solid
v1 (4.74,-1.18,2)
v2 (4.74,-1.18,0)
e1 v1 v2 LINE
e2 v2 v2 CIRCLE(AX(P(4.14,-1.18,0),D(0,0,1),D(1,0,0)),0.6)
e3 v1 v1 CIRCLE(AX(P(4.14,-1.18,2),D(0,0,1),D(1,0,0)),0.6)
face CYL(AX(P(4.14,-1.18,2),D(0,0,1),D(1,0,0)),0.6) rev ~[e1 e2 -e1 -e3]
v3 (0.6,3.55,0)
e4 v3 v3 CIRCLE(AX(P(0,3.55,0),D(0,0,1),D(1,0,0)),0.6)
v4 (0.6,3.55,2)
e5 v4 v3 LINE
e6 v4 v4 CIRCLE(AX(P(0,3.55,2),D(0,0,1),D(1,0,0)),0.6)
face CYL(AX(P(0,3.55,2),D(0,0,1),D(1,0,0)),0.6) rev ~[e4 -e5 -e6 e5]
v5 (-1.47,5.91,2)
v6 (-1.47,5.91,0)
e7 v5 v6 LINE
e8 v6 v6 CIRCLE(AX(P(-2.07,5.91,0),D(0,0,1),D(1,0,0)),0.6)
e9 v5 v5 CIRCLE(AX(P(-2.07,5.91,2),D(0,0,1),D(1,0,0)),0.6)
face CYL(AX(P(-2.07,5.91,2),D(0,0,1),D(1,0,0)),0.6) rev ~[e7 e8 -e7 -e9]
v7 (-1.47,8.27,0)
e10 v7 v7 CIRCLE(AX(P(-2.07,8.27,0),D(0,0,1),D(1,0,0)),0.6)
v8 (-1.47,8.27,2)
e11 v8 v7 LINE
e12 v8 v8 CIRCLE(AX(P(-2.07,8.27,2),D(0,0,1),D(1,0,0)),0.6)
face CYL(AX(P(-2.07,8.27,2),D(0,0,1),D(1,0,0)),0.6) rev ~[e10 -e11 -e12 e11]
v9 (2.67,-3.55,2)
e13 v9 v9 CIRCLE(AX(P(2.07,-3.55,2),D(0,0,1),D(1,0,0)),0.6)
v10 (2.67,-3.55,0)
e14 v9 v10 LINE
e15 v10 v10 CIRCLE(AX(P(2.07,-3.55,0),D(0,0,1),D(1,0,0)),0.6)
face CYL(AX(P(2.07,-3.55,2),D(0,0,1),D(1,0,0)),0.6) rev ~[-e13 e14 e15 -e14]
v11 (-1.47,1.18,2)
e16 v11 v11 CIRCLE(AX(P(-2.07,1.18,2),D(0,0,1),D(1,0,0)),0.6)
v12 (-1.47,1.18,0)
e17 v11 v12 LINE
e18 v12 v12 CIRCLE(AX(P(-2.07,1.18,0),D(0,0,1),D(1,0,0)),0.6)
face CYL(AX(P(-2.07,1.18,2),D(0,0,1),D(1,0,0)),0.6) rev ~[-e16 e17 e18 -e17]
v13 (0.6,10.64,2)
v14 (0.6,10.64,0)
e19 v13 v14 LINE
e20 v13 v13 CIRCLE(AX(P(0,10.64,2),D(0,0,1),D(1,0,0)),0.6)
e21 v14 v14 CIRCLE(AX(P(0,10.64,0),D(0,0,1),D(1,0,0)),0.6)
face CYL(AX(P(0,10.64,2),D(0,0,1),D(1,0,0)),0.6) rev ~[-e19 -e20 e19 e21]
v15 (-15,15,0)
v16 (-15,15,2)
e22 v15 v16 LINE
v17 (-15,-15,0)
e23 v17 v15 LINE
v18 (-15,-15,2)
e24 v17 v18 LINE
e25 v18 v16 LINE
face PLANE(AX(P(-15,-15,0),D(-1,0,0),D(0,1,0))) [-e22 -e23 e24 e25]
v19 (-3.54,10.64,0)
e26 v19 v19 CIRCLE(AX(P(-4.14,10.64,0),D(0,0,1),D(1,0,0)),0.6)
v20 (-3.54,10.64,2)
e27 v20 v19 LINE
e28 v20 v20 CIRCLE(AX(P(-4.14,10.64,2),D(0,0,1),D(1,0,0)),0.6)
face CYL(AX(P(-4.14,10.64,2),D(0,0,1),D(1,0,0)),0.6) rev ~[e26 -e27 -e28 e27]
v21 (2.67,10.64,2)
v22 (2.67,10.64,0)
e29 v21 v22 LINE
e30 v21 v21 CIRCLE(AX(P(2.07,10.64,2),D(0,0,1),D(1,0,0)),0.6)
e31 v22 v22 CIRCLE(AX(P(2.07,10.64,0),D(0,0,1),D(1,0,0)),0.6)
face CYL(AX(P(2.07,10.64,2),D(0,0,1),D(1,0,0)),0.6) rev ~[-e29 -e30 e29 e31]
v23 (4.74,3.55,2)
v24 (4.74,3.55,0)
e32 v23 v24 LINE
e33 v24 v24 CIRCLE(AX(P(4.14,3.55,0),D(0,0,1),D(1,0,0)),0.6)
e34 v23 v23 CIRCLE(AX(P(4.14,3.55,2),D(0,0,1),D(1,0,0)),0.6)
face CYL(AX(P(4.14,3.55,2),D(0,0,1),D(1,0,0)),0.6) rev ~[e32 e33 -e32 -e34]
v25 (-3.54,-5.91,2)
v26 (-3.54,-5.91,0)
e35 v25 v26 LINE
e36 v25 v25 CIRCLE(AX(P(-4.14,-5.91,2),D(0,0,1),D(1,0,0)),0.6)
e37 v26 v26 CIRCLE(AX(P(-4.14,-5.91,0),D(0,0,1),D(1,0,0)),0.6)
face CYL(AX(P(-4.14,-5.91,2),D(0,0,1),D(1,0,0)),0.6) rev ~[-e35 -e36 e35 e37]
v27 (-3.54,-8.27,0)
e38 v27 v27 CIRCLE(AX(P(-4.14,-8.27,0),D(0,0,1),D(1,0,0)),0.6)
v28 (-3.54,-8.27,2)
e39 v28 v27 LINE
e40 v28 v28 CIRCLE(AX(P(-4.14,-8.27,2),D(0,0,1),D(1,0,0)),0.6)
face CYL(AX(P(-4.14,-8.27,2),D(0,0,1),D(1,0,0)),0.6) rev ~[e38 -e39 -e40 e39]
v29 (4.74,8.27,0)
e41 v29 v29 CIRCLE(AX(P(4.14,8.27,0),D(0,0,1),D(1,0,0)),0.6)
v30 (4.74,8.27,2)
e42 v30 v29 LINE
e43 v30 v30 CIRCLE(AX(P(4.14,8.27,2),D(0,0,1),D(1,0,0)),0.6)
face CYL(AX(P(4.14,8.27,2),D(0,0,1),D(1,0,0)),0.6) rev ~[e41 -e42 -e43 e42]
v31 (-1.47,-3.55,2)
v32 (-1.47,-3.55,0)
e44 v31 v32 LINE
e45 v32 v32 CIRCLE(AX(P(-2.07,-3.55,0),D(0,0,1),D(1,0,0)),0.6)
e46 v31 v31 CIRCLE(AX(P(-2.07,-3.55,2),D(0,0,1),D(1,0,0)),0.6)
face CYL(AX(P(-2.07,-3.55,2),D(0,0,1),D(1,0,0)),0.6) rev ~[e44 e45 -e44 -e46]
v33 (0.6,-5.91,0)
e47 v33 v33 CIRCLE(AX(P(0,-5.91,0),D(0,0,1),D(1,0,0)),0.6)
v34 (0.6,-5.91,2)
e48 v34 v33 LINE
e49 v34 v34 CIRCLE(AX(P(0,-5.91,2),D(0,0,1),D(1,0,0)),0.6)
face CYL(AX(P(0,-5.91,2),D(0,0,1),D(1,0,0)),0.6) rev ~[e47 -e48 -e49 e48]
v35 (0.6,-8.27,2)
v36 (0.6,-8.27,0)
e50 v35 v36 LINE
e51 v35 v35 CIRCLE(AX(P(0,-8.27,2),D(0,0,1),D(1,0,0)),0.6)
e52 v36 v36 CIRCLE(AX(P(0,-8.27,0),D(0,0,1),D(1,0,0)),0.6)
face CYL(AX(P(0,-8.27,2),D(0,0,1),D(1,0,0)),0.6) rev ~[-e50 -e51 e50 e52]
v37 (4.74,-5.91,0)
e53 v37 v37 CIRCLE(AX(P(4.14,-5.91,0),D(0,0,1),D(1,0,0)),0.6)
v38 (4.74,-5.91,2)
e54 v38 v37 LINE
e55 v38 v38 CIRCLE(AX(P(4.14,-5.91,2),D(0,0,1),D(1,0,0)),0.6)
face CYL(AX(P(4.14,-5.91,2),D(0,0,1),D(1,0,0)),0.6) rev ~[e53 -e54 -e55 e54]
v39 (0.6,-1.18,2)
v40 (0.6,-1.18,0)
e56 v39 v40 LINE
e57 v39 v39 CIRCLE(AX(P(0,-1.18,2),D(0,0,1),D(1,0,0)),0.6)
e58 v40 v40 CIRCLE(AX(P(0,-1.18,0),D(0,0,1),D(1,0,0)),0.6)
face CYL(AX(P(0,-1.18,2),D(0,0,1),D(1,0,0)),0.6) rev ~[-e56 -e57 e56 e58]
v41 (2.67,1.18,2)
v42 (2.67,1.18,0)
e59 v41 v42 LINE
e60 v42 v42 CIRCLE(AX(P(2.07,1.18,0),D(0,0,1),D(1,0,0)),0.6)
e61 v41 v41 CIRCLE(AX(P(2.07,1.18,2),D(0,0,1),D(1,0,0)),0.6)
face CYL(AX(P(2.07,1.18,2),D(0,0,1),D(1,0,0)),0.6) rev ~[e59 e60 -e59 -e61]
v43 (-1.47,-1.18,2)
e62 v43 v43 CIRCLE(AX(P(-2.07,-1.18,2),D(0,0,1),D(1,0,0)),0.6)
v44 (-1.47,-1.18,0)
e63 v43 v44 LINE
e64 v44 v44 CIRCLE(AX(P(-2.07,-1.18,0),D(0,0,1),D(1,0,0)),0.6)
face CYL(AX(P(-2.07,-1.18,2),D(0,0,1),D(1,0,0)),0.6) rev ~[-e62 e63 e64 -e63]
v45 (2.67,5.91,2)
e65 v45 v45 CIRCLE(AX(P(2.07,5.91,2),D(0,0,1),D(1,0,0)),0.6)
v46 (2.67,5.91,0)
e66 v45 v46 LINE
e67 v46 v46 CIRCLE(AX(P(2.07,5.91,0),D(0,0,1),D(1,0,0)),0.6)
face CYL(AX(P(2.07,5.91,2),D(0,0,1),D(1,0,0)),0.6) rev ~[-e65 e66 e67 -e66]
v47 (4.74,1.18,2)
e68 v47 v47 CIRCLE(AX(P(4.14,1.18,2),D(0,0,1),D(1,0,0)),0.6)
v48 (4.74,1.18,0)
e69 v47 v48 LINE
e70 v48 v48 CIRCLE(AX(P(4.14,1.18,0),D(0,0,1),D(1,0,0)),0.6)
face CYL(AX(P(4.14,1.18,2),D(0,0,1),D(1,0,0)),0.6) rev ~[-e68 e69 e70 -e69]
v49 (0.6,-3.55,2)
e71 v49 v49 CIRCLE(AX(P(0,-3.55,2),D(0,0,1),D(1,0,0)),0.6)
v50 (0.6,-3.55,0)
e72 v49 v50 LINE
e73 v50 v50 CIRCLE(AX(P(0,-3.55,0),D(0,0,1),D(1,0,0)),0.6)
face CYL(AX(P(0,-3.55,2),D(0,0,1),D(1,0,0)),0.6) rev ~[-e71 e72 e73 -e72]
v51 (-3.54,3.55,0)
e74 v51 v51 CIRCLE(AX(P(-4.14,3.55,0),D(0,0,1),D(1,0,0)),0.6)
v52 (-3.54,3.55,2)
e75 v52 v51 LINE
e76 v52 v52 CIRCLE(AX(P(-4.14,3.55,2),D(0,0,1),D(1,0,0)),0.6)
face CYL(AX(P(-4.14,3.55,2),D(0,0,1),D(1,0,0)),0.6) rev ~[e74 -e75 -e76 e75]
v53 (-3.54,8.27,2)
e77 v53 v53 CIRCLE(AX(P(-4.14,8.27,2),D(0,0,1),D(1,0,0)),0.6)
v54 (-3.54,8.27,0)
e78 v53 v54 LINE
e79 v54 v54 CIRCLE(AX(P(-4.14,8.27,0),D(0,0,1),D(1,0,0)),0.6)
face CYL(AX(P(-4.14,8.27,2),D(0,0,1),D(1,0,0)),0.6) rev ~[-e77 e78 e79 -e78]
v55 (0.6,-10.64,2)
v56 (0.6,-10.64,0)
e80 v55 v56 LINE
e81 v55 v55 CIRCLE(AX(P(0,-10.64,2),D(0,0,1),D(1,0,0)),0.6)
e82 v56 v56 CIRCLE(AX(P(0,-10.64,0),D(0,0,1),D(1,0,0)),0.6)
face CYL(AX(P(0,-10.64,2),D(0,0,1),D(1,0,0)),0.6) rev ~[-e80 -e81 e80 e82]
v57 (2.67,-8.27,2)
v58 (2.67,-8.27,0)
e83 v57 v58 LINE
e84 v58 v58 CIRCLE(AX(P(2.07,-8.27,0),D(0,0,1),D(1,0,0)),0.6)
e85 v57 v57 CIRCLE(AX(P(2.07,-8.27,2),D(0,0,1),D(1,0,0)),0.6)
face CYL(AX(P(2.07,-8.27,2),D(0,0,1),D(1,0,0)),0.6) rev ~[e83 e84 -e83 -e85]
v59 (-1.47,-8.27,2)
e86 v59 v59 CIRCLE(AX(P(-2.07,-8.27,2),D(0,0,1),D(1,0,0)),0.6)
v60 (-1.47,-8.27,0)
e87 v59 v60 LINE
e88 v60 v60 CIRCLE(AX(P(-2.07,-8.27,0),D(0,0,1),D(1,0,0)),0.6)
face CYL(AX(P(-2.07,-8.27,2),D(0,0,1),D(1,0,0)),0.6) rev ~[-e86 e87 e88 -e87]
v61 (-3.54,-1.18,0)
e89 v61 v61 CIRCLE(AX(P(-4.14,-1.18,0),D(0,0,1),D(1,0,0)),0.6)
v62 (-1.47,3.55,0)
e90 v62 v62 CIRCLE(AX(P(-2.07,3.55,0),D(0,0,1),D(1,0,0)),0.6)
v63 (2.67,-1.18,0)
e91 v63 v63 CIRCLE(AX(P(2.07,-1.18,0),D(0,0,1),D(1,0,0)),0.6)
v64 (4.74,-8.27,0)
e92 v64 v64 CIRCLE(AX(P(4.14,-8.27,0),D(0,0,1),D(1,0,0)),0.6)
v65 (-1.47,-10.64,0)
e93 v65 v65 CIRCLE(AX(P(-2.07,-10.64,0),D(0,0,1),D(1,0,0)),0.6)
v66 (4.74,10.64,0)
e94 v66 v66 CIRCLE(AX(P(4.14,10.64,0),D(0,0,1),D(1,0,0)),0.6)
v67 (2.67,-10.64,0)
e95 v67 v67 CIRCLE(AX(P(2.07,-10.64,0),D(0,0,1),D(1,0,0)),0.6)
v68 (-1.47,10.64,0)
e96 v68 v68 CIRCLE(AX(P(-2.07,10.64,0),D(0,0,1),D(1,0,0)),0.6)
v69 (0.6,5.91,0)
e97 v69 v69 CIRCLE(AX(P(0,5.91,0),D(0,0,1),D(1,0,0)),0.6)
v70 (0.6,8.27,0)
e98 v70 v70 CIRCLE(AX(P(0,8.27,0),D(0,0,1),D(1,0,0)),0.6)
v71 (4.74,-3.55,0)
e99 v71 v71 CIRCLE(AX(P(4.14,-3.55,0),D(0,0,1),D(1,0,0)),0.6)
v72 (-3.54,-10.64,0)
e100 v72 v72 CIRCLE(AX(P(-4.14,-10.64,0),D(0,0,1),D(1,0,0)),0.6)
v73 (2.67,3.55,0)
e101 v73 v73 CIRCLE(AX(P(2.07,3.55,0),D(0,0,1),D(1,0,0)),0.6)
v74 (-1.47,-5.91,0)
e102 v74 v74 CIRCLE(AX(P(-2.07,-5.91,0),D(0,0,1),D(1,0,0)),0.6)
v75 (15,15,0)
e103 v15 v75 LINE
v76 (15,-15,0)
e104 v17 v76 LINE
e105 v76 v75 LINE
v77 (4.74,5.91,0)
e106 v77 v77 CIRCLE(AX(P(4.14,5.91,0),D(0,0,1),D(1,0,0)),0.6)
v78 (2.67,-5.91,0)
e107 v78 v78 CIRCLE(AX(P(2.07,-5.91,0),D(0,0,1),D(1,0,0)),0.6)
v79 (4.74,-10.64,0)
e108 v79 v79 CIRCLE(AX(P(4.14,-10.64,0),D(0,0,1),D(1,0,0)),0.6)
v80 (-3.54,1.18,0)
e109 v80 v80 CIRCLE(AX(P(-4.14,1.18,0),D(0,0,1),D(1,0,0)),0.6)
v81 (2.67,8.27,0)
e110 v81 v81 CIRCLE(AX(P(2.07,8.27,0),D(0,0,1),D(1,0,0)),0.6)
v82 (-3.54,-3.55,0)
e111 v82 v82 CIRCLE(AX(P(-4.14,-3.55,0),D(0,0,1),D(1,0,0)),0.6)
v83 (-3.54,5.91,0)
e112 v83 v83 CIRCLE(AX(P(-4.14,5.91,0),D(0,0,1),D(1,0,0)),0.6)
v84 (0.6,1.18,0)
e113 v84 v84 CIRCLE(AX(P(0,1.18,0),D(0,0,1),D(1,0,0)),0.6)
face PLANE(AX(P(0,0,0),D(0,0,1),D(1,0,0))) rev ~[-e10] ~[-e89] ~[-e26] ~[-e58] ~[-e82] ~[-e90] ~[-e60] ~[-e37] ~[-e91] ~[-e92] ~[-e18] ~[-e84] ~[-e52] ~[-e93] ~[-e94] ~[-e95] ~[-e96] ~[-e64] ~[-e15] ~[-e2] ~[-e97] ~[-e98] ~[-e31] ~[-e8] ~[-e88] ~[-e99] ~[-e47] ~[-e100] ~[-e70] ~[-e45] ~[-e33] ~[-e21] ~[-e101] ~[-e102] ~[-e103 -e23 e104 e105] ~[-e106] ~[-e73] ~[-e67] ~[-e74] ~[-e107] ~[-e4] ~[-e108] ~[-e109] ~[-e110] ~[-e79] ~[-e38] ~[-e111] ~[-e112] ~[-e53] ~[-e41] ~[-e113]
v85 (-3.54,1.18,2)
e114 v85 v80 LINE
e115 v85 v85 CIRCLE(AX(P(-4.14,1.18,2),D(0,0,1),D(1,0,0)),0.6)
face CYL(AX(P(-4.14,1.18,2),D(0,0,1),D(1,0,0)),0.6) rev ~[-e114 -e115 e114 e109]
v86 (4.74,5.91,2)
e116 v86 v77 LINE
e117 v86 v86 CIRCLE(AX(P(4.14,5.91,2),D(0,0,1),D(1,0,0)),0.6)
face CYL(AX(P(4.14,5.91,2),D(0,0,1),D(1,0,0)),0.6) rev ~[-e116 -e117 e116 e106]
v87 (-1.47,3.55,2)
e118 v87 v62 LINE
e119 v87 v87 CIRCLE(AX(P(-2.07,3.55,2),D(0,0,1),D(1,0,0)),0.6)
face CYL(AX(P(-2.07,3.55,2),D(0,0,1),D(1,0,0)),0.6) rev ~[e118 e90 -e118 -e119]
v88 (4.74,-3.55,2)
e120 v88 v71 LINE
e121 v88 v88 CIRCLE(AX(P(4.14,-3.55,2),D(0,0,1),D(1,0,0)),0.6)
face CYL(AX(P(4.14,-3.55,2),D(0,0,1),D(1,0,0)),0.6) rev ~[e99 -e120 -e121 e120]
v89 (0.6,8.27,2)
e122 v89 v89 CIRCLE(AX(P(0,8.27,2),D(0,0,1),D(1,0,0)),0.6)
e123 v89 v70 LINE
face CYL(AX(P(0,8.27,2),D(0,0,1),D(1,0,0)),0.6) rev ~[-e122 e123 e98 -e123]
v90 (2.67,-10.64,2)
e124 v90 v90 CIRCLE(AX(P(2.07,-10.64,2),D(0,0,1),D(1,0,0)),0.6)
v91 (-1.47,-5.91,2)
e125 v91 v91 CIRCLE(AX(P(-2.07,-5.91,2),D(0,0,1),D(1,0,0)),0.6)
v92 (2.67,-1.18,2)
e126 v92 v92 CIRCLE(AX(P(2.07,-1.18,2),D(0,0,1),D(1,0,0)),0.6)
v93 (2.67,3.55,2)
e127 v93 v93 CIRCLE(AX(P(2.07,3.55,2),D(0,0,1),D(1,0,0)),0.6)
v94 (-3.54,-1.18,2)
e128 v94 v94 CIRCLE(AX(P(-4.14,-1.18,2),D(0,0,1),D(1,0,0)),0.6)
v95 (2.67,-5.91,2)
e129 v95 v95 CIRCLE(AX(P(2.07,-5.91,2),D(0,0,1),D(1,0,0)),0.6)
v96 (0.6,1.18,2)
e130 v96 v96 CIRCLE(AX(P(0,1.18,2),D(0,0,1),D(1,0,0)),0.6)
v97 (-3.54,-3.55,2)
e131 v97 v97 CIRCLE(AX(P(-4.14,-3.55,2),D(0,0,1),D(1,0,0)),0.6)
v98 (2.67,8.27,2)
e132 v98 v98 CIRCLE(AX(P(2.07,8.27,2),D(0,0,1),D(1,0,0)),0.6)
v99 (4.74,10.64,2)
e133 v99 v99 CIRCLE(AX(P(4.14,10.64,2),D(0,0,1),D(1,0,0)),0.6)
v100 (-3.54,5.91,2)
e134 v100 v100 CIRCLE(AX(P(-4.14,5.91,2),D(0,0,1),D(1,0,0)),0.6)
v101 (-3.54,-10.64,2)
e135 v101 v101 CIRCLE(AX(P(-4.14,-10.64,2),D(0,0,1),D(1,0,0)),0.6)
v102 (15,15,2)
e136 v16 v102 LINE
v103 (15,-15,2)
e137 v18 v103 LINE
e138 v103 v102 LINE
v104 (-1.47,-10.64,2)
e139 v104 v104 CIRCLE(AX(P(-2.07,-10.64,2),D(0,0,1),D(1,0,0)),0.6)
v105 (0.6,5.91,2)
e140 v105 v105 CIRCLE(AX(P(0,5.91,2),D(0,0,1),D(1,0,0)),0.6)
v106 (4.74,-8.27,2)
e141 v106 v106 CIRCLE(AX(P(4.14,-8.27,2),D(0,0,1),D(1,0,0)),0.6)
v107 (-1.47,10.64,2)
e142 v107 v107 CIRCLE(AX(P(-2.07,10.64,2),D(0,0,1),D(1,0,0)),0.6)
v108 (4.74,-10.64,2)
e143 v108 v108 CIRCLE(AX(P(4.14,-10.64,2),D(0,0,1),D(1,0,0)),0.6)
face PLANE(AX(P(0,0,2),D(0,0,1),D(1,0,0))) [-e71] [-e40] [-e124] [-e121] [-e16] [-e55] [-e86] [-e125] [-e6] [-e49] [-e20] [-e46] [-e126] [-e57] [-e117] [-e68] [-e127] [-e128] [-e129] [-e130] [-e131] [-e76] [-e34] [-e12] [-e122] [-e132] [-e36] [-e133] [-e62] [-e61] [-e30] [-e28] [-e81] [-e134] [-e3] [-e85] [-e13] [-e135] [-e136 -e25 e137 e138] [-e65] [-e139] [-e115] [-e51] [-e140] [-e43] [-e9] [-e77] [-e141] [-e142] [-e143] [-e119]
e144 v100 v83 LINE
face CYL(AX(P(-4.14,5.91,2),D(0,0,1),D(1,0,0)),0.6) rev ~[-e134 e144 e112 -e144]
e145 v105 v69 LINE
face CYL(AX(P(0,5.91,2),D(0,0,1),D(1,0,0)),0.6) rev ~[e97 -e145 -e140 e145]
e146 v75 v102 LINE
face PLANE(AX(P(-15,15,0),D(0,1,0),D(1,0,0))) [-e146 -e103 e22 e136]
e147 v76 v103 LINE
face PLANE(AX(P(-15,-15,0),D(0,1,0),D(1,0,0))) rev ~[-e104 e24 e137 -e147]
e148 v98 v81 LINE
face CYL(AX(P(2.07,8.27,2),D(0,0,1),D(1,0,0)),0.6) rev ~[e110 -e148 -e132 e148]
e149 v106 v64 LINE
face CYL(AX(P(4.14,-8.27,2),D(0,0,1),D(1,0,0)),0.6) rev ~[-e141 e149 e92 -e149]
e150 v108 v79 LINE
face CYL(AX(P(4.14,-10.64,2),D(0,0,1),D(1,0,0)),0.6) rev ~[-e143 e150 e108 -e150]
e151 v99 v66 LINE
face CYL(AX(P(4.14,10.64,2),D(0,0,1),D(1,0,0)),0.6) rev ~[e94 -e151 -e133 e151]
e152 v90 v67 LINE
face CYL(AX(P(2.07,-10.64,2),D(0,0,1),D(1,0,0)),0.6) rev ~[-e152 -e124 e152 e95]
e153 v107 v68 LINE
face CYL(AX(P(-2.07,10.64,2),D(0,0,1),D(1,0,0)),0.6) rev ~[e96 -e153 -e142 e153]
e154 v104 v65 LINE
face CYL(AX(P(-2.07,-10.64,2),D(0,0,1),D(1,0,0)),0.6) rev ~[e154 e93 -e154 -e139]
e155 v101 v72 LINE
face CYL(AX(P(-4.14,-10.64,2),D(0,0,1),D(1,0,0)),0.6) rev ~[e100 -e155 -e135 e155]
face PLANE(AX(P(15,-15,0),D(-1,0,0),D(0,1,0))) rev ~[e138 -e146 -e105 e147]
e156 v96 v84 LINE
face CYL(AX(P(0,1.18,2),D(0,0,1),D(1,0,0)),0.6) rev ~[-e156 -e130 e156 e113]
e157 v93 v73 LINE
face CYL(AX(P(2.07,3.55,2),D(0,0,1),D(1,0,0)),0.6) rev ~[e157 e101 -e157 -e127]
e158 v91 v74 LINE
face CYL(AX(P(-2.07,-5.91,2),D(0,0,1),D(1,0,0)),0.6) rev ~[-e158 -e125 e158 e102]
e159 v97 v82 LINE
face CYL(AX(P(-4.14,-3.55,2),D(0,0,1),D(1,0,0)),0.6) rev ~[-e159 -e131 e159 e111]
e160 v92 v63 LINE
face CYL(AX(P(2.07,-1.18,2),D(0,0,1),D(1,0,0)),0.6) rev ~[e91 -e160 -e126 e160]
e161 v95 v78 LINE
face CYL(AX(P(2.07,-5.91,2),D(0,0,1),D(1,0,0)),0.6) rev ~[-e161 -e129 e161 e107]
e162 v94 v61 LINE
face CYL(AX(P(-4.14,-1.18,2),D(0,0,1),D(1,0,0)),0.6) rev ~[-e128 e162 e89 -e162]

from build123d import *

# Parameters (mm, degrees)
ESQUISSE1_W            = 30
ESQUISSE1_H            = 30
BASE_PLATE_DEPTH       = 2
SKETCH_PERFORATIONS_R  = 0.6
CUT_PERFORATIONS_DEPTH = 10


with BuildPart() as part:
    # Esquisse1 → Base_Plate (new body)
    with BuildSketch(Plane.XY):
        Rectangle(ESQUISSE1_W, ESQUISSE1_H)
    extrude(amount=BASE_PLATE_DEPTH)

    # Sketch_Perforations → Cut_Perforations (cut)
    with BuildSketch(Plane.XY.offset(2)):
        with Locations((-4.14, -10.64)):
            Circle(SKETCH_PERFORATIONS_R)
        with Locations((-4.14, -8.27)):
            Circle(SKETCH_PERFORATIONS_R)
        with Locations((-4.14, -5.91)):
            Circle(SKETCH_PERFORATIONS_R)
        with Locations((-4.14, -3.55)):
            Circle(SKETCH_PERFORATIONS_R)
        with Locations((-4.14, -1.18)):
            Circle(SKETCH_PERFORATIONS_R)
        with Locations((-4.14, 1.18)):
            Circle(SKETCH_PERFORATIONS_R)
        with Locations((-4.14, 3.55)):
            Circle(SKETCH_PERFORATIONS_R)
        with Locations((-4.14, 5.91)):
            Circle(SKETCH_PERFORATIONS_R)
        with Locations((-4.14, 8.27)):
            Circle(SKETCH_PERFORATIONS_R)
        with Locations((-4.14, 10.64)):
            Circle(SKETCH_PERFORATIONS_R)
        with Locations((-2.07, -10.64)):
            Circle(SKETCH_PERFORATIONS_R)
        with Locations((-2.07, -8.27)):
            Circle(SKETCH_PERFORATIONS_R)
        with Locations((-2.07, -5.91)):
            Circle(SKETCH_PERFORATIONS_R)
        with Locations((-2.07, -3.55)):
            Circle(SKETCH_PERFORATIONS_R)
        with Locations((-2.07, -1.18)):
            Circle(SKETCH_PERFORATIONS_R)
        with Locations((-2.07, 1.18)):
            Circle(SKETCH_PERFORATIONS_R)
        with Locations((-2.07, 3.55)):
            Circle(SKETCH_PERFORATIONS_R)
        with Locations((-2.07, 5.91)):
            Circle(SKETCH_PERFORATIONS_R)
        with Locations((-2.07, 8.27)):
            Circle(SKETCH_PERFORATIONS_R)
        with Locations((-2.07, 10.64)):
            Circle(SKETCH_PERFORATIONS_R)
        with Locations((0, -10.64)):
            Circle(SKETCH_PERFORATIONS_R)
        with Locations((0, -8.27)):
            Circle(SKETCH_PERFORATIONS_R)
        with Locations((0, -5.91)):
            Circle(SKETCH_PERFORATIONS_R)
        with Locations((0, -3.55)):
            Circle(SKETCH_PERFORATIONS_R)
        with Locations((0, -1.18)):
            Circle(SKETCH_PERFORATIONS_R)
        with Locations((0, 1.18)):
            Circle(SKETCH_PERFORATIONS_R)
        with Locations((0, 3.55)):
            Circle(SKETCH_PERFORATIONS_R)
        with Locations((0, 5.91)):
            Circle(SKETCH_PERFORATIONS_R)
        with Locations((0, 8.27)):
            Circle(SKETCH_PERFORATIONS_R)
        with Locations((0, 10.64)):
            Circle(SKETCH_PERFORATIONS_R)
        with Locations((2.07, -10.64)):
            Circle(SKETCH_PERFORATIONS_R)
        with Locations((2.07, -8.27)):
            Circle(SKETCH_PERFORATIONS_R)
        with Locations((2.07, -5.91)):
            Circle(SKETCH_PERFORATIONS_R)
        with Locations((2.07, -3.55)):
            Circle(SKETCH_PERFORATIONS_R)
        with Locations((2.07, -1.18)):
            Circle(SKETCH_PERFORATIONS_R)
        with Locations((2.07, 1.18)):
            Circle(SKETCH_PERFORATIONS_R)
        with Locations((2.07, 3.55)):
            Circle(SKETCH_PERFORATIONS_R)
        with Locations((2.07, 5.91)):
            Circle(SKETCH_PERFORATIONS_R)
        with Locations((2.07, 8.27)):
            Circle(SKETCH_PERFORATIONS_R)
        with Locations((2.07, 10.64)):
            Circle(SKETCH_PERFORATIONS_R)
        with Locations((4.14, -10.64)):
            Circle(SKETCH_PERFORATIONS_R)
        with Locations((4.14, -8.27)):
            Circle(SKETCH_PERFORATIONS_R)
        with Locations((4.14, -5.91)):
            Circle(SKETCH_PERFORATIONS_R)
        with Locations((4.14, -3.55)):
            Circle(SKETCH_PERFORATIONS_R)
        with Locations((4.14, -1.18)):
            Circle(SKETCH_PERFORATIONS_R)
        with Locations((4.14, 1.18)):
            Circle(SKETCH_PERFORATIONS_R)
        with Locations((4.14, 3.55)):
            Circle(SKETCH_PERFORATIONS_R)
        with Locations((4.14, 5.91)):
            Circle(SKETCH_PERFORATIONS_R)
        with Locations((4.14, 8.27)):
            Circle(SKETCH_PERFORATIONS_R)
        with Locations((4.14, 10.64)):
            Circle(SKETCH_PERFORATIONS_R)
    extrude(amount=-CUT_PERFORATIONS_DEPTH, mode=Mode.SUBTRACT)


solid = part.part
